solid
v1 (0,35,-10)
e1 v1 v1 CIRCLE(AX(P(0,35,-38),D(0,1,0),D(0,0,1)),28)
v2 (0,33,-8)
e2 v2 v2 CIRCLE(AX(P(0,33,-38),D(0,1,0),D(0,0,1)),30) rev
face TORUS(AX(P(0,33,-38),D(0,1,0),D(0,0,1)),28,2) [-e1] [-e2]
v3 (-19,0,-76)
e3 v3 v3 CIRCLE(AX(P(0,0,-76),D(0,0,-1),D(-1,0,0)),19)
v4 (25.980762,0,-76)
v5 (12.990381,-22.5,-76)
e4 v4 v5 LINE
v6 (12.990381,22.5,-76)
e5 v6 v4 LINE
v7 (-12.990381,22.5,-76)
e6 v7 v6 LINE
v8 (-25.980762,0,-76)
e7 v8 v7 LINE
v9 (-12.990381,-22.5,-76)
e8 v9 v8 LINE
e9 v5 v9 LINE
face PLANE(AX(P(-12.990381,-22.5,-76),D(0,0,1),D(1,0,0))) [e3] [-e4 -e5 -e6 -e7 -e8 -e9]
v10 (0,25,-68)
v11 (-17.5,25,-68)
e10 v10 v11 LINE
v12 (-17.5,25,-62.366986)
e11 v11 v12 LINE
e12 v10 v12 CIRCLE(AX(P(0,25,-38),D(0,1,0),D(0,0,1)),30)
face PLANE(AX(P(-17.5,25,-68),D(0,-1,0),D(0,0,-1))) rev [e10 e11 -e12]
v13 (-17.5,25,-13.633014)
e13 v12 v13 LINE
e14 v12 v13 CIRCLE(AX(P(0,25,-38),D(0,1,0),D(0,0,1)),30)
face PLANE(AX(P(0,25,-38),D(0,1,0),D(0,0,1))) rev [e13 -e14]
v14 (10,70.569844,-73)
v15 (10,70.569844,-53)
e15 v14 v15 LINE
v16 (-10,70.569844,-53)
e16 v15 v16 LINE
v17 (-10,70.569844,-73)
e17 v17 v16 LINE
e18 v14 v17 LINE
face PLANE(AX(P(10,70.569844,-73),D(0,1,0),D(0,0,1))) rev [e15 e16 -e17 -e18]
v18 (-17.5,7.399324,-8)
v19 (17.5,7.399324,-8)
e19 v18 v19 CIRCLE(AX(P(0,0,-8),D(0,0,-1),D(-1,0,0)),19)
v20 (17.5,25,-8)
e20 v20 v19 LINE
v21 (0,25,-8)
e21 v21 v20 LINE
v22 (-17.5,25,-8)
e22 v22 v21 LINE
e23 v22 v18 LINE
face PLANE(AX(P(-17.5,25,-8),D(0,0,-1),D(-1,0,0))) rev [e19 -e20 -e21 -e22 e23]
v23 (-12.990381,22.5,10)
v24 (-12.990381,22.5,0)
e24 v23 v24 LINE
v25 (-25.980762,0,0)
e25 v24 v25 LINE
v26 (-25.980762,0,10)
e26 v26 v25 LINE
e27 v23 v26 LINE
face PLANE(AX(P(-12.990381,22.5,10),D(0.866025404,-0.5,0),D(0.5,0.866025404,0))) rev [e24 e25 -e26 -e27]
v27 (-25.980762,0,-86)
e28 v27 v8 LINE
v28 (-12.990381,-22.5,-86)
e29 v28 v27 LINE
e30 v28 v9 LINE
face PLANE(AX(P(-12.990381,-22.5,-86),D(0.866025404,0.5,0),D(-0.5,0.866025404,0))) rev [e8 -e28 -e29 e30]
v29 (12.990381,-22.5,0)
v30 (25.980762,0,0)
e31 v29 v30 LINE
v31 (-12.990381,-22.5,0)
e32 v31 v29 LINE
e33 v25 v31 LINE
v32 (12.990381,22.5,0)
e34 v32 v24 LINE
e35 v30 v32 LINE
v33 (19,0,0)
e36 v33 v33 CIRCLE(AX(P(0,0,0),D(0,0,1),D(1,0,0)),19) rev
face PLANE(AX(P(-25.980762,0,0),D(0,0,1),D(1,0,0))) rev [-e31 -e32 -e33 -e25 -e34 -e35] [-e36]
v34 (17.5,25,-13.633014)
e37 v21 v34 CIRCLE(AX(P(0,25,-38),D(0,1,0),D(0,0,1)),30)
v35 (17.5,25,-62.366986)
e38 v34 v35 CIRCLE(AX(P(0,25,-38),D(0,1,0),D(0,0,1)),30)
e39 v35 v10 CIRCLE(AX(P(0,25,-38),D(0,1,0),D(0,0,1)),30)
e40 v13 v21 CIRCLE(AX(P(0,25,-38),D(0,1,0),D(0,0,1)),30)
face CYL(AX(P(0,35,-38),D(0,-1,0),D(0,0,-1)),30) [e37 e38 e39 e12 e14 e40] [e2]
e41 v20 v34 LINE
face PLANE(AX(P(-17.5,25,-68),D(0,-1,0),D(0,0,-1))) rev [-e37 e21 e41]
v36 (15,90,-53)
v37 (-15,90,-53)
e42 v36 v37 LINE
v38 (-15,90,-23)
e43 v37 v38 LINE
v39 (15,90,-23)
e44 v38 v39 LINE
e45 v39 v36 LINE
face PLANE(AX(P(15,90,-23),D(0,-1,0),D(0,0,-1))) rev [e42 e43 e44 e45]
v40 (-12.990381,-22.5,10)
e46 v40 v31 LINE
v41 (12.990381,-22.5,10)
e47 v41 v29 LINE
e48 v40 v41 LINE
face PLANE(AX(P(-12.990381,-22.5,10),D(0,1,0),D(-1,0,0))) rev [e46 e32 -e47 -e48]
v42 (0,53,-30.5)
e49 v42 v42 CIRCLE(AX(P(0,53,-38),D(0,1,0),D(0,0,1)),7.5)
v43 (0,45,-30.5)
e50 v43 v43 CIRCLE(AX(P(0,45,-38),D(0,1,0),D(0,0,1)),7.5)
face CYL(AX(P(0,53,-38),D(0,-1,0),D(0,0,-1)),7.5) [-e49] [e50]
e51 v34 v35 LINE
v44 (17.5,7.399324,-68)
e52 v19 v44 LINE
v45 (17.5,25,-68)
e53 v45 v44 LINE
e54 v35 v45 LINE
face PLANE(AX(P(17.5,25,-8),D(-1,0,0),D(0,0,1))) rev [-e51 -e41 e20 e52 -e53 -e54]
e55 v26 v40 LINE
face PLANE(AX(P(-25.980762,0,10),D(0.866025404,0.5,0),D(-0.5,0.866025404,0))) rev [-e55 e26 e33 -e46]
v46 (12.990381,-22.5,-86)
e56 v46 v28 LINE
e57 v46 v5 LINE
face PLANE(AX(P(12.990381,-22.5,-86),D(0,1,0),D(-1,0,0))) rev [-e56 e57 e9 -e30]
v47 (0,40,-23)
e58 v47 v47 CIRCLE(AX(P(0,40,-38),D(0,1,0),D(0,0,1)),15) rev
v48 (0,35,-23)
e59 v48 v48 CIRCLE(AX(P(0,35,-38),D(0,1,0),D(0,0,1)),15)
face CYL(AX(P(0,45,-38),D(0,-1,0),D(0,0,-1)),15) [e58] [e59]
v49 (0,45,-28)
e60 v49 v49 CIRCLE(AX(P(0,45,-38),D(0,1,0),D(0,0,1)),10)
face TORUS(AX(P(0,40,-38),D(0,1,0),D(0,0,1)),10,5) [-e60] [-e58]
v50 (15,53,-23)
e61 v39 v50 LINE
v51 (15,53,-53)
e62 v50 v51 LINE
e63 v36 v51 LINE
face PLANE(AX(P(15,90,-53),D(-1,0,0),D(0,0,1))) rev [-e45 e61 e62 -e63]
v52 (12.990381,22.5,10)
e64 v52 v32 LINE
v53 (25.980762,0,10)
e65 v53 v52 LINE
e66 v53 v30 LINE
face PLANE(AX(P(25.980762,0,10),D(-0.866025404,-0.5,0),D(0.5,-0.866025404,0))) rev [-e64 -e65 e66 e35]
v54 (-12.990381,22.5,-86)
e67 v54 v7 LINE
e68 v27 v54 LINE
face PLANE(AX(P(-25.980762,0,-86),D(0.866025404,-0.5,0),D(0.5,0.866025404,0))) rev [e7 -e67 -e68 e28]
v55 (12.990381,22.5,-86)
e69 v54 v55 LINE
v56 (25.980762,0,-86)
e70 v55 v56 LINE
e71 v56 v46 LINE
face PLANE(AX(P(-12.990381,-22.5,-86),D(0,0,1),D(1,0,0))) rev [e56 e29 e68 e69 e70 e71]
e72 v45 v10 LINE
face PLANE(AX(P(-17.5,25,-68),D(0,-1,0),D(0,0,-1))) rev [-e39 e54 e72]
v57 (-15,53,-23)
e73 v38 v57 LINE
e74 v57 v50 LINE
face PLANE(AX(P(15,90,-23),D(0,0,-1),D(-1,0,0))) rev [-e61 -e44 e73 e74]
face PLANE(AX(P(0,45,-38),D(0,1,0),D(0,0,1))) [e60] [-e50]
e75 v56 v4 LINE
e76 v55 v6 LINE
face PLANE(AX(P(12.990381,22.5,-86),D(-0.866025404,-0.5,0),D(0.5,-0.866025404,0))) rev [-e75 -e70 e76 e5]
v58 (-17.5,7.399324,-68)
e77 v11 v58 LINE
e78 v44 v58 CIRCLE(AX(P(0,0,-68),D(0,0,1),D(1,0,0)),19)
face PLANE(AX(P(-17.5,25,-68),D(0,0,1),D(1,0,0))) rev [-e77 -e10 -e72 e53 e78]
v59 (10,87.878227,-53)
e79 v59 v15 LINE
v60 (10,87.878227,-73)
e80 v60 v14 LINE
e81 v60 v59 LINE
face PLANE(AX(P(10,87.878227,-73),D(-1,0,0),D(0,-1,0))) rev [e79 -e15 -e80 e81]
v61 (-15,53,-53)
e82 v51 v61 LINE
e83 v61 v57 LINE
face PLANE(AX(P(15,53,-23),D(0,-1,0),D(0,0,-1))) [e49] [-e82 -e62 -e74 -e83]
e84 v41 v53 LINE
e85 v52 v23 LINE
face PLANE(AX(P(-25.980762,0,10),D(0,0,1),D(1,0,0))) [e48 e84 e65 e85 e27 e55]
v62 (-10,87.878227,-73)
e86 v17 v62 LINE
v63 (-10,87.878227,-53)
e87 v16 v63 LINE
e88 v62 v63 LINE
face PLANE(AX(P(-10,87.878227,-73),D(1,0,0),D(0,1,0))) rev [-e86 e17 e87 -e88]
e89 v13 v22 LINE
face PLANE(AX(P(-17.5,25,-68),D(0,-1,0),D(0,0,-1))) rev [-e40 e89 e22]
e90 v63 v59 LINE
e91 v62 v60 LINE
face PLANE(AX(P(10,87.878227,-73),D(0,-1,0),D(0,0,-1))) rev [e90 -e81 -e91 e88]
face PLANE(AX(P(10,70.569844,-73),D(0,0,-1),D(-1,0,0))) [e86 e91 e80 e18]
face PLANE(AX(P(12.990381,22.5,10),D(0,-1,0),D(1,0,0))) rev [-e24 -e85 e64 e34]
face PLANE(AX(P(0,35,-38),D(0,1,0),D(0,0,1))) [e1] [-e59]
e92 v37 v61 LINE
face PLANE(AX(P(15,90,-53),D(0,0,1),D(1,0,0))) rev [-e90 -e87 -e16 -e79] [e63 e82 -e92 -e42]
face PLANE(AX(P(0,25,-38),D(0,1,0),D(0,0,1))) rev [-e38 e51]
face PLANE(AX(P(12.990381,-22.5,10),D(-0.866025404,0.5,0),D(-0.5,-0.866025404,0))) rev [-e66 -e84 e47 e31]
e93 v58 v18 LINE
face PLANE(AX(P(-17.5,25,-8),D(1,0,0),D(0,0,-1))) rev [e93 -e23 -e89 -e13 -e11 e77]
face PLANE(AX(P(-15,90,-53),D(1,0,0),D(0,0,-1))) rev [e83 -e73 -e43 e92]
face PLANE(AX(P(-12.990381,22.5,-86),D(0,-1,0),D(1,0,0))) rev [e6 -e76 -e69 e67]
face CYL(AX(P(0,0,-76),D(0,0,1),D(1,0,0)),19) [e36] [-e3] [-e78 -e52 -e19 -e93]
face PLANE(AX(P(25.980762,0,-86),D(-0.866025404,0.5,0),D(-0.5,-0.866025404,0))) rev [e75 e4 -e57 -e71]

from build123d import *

# Parameters (mm, degrees)
EXTRUDE_1_DEPTH   = 10
SKETCH_2_R        = 19
EXTRUDE_2_DEPTH   = 76
EXTRUDE_3_DEPTH   = 10
SKETCH_4_W        = 35
SKETCH_4_H        = 60
EXTRUDE_4_DEPTH   = 25
SKETCH_5_R        = 30
EXTRUDE_9_DEPTH   = 10
SKETCH_6_R        = 15
EXTRUDE_10_DEPTH  = 10
FILLET_1_R        = 5
SKETCH_7_R        = 7.5
EXTRUDE_11_DEPTH  = 8
SKETCH_8_W        = 30
SKETCH_8_H        = 30
EXTRUDE_12_DEPTH  = 37
FILLET_4_R        = 2
SKETCH_9_W        = 20
SKETCH_9_H        = 17.308382811
EXTRUDE_1_2_DEPTH = 20


with BuildPart() as part:
    # Эскиз1 → Extrude 1 (new body)
    with BuildSketch(Plane.XY):
        Polygon((-25.980762114, 0), (-12.990381057, -22.5), (12.990381057, -22.5), (25.980762114, 0), (12.990381057, 22.5), (-12.990381057, 22.5), align=None)
    extrude(amount=EXTRUDE_1_DEPTH)

    # Эскиз2 → Вытянуть2 (add)
    with BuildSketch(Plane(origin=(0, 0, 0), x_dir=(-1, 0, 0), z_dir=(0, 0, -1))):
        Circle(SKETCH_2_R)
    extrude(amount=EXTRUDE_2_DEPTH)

    # Эскиз3 → Вытянуть3 (add)
    with BuildSketch(Plane(origin=(0, 0, -76), x_dir=(-1, 0, 0), z_dir=(0, 0, -1))):
        Polygon((25.980762114, 0), (12.990381057, 22.5), (-12.990381057, 22.5), (-25.980762114, 0), (-12.990381057, -22.5), (12.990381057, -22.5), align=None)
    extrude(amount=EXTRUDE_3_DEPTH)

    # Эскиз4 → Вытянуть4 (add)
    with BuildSketch(Plane(origin=(0, 0, 0), x_dir=(1, 0, 0), z_dir=(0, 1, 0))):
        with Locations((0, 38)):
            Rectangle(SKETCH_4_W, SKETCH_4_H)
    extrude(amount=EXTRUDE_4_DEPTH)

    # Эскиз5 → Вытянуть9 (add)
    with BuildSketch(Plane(origin=(0, 25, 0), x_dir=(1, 0, 0), z_dir=(0, 1, 0))):
        with Locations((0, 38)):
            Circle(SKETCH_5_R)
    extrude(amount=EXTRUDE_9_DEPTH)

    # Эскиз6 → Вытянуть10 (add)
    with BuildSketch(Plane(origin=(0, 35, 0), x_dir=(1, 0, 0), z_dir=(0, 1, 0))):
        with Locations((0, 38)):
            Circle(SKETCH_6_R)
    extrude(amount=EXTRUDE_10_DEPTH)

    # Скругление1
    fillet_1_edges = [part.edges().sort_by_distance(p)[0] for p in [
        (-15, 45, -38),
    ]]
    fillet(fillet_1_edges, radius=FILLET_1_R)

    # Эскиз7 → Вытянуть11 (add)
    with BuildSketch(Plane(origin=(0, 45, 0), x_dir=(1, 0, 0), z_dir=(0, 1, 0))):
        with Locations((0, 38)):
            Circle(SKETCH_7_R)
    extrude(amount=EXTRUDE_11_DEPTH)

    # Эскиз8 → Вытянуть12 (add)
    with BuildSketch(Plane(origin=(0, 53, 0), x_dir=(1, 0, 0), z_dir=(0, 1, 0))):
        with Locations((0, 38)):
            Rectangle(SKETCH_8_W, SKETCH_8_H)
    extrude(amount=EXTRUDE_12_DEPTH)

    # Скругление4
    fillet_4_edges = [part.edges().sort_by_distance(p)[0] for p in [
        (-30, 35, -38),
    ]]
    fillet(fillet_4_edges, radius=FILLET_4_R)

    # Эскиз9 → Extrude 1 2 (add)
    with BuildSketch(Plane(origin=(0, 0, -53), x_dir=(-1, 0, 0), z_dir=(0, 0, -1))):
        with Locations((0, 79.224035867)):
            Rectangle(SKETCH_9_W, SKETCH_9_H)
    extrude(amount=EXTRUDE_1_2_DEPTH)


solid = part.part
